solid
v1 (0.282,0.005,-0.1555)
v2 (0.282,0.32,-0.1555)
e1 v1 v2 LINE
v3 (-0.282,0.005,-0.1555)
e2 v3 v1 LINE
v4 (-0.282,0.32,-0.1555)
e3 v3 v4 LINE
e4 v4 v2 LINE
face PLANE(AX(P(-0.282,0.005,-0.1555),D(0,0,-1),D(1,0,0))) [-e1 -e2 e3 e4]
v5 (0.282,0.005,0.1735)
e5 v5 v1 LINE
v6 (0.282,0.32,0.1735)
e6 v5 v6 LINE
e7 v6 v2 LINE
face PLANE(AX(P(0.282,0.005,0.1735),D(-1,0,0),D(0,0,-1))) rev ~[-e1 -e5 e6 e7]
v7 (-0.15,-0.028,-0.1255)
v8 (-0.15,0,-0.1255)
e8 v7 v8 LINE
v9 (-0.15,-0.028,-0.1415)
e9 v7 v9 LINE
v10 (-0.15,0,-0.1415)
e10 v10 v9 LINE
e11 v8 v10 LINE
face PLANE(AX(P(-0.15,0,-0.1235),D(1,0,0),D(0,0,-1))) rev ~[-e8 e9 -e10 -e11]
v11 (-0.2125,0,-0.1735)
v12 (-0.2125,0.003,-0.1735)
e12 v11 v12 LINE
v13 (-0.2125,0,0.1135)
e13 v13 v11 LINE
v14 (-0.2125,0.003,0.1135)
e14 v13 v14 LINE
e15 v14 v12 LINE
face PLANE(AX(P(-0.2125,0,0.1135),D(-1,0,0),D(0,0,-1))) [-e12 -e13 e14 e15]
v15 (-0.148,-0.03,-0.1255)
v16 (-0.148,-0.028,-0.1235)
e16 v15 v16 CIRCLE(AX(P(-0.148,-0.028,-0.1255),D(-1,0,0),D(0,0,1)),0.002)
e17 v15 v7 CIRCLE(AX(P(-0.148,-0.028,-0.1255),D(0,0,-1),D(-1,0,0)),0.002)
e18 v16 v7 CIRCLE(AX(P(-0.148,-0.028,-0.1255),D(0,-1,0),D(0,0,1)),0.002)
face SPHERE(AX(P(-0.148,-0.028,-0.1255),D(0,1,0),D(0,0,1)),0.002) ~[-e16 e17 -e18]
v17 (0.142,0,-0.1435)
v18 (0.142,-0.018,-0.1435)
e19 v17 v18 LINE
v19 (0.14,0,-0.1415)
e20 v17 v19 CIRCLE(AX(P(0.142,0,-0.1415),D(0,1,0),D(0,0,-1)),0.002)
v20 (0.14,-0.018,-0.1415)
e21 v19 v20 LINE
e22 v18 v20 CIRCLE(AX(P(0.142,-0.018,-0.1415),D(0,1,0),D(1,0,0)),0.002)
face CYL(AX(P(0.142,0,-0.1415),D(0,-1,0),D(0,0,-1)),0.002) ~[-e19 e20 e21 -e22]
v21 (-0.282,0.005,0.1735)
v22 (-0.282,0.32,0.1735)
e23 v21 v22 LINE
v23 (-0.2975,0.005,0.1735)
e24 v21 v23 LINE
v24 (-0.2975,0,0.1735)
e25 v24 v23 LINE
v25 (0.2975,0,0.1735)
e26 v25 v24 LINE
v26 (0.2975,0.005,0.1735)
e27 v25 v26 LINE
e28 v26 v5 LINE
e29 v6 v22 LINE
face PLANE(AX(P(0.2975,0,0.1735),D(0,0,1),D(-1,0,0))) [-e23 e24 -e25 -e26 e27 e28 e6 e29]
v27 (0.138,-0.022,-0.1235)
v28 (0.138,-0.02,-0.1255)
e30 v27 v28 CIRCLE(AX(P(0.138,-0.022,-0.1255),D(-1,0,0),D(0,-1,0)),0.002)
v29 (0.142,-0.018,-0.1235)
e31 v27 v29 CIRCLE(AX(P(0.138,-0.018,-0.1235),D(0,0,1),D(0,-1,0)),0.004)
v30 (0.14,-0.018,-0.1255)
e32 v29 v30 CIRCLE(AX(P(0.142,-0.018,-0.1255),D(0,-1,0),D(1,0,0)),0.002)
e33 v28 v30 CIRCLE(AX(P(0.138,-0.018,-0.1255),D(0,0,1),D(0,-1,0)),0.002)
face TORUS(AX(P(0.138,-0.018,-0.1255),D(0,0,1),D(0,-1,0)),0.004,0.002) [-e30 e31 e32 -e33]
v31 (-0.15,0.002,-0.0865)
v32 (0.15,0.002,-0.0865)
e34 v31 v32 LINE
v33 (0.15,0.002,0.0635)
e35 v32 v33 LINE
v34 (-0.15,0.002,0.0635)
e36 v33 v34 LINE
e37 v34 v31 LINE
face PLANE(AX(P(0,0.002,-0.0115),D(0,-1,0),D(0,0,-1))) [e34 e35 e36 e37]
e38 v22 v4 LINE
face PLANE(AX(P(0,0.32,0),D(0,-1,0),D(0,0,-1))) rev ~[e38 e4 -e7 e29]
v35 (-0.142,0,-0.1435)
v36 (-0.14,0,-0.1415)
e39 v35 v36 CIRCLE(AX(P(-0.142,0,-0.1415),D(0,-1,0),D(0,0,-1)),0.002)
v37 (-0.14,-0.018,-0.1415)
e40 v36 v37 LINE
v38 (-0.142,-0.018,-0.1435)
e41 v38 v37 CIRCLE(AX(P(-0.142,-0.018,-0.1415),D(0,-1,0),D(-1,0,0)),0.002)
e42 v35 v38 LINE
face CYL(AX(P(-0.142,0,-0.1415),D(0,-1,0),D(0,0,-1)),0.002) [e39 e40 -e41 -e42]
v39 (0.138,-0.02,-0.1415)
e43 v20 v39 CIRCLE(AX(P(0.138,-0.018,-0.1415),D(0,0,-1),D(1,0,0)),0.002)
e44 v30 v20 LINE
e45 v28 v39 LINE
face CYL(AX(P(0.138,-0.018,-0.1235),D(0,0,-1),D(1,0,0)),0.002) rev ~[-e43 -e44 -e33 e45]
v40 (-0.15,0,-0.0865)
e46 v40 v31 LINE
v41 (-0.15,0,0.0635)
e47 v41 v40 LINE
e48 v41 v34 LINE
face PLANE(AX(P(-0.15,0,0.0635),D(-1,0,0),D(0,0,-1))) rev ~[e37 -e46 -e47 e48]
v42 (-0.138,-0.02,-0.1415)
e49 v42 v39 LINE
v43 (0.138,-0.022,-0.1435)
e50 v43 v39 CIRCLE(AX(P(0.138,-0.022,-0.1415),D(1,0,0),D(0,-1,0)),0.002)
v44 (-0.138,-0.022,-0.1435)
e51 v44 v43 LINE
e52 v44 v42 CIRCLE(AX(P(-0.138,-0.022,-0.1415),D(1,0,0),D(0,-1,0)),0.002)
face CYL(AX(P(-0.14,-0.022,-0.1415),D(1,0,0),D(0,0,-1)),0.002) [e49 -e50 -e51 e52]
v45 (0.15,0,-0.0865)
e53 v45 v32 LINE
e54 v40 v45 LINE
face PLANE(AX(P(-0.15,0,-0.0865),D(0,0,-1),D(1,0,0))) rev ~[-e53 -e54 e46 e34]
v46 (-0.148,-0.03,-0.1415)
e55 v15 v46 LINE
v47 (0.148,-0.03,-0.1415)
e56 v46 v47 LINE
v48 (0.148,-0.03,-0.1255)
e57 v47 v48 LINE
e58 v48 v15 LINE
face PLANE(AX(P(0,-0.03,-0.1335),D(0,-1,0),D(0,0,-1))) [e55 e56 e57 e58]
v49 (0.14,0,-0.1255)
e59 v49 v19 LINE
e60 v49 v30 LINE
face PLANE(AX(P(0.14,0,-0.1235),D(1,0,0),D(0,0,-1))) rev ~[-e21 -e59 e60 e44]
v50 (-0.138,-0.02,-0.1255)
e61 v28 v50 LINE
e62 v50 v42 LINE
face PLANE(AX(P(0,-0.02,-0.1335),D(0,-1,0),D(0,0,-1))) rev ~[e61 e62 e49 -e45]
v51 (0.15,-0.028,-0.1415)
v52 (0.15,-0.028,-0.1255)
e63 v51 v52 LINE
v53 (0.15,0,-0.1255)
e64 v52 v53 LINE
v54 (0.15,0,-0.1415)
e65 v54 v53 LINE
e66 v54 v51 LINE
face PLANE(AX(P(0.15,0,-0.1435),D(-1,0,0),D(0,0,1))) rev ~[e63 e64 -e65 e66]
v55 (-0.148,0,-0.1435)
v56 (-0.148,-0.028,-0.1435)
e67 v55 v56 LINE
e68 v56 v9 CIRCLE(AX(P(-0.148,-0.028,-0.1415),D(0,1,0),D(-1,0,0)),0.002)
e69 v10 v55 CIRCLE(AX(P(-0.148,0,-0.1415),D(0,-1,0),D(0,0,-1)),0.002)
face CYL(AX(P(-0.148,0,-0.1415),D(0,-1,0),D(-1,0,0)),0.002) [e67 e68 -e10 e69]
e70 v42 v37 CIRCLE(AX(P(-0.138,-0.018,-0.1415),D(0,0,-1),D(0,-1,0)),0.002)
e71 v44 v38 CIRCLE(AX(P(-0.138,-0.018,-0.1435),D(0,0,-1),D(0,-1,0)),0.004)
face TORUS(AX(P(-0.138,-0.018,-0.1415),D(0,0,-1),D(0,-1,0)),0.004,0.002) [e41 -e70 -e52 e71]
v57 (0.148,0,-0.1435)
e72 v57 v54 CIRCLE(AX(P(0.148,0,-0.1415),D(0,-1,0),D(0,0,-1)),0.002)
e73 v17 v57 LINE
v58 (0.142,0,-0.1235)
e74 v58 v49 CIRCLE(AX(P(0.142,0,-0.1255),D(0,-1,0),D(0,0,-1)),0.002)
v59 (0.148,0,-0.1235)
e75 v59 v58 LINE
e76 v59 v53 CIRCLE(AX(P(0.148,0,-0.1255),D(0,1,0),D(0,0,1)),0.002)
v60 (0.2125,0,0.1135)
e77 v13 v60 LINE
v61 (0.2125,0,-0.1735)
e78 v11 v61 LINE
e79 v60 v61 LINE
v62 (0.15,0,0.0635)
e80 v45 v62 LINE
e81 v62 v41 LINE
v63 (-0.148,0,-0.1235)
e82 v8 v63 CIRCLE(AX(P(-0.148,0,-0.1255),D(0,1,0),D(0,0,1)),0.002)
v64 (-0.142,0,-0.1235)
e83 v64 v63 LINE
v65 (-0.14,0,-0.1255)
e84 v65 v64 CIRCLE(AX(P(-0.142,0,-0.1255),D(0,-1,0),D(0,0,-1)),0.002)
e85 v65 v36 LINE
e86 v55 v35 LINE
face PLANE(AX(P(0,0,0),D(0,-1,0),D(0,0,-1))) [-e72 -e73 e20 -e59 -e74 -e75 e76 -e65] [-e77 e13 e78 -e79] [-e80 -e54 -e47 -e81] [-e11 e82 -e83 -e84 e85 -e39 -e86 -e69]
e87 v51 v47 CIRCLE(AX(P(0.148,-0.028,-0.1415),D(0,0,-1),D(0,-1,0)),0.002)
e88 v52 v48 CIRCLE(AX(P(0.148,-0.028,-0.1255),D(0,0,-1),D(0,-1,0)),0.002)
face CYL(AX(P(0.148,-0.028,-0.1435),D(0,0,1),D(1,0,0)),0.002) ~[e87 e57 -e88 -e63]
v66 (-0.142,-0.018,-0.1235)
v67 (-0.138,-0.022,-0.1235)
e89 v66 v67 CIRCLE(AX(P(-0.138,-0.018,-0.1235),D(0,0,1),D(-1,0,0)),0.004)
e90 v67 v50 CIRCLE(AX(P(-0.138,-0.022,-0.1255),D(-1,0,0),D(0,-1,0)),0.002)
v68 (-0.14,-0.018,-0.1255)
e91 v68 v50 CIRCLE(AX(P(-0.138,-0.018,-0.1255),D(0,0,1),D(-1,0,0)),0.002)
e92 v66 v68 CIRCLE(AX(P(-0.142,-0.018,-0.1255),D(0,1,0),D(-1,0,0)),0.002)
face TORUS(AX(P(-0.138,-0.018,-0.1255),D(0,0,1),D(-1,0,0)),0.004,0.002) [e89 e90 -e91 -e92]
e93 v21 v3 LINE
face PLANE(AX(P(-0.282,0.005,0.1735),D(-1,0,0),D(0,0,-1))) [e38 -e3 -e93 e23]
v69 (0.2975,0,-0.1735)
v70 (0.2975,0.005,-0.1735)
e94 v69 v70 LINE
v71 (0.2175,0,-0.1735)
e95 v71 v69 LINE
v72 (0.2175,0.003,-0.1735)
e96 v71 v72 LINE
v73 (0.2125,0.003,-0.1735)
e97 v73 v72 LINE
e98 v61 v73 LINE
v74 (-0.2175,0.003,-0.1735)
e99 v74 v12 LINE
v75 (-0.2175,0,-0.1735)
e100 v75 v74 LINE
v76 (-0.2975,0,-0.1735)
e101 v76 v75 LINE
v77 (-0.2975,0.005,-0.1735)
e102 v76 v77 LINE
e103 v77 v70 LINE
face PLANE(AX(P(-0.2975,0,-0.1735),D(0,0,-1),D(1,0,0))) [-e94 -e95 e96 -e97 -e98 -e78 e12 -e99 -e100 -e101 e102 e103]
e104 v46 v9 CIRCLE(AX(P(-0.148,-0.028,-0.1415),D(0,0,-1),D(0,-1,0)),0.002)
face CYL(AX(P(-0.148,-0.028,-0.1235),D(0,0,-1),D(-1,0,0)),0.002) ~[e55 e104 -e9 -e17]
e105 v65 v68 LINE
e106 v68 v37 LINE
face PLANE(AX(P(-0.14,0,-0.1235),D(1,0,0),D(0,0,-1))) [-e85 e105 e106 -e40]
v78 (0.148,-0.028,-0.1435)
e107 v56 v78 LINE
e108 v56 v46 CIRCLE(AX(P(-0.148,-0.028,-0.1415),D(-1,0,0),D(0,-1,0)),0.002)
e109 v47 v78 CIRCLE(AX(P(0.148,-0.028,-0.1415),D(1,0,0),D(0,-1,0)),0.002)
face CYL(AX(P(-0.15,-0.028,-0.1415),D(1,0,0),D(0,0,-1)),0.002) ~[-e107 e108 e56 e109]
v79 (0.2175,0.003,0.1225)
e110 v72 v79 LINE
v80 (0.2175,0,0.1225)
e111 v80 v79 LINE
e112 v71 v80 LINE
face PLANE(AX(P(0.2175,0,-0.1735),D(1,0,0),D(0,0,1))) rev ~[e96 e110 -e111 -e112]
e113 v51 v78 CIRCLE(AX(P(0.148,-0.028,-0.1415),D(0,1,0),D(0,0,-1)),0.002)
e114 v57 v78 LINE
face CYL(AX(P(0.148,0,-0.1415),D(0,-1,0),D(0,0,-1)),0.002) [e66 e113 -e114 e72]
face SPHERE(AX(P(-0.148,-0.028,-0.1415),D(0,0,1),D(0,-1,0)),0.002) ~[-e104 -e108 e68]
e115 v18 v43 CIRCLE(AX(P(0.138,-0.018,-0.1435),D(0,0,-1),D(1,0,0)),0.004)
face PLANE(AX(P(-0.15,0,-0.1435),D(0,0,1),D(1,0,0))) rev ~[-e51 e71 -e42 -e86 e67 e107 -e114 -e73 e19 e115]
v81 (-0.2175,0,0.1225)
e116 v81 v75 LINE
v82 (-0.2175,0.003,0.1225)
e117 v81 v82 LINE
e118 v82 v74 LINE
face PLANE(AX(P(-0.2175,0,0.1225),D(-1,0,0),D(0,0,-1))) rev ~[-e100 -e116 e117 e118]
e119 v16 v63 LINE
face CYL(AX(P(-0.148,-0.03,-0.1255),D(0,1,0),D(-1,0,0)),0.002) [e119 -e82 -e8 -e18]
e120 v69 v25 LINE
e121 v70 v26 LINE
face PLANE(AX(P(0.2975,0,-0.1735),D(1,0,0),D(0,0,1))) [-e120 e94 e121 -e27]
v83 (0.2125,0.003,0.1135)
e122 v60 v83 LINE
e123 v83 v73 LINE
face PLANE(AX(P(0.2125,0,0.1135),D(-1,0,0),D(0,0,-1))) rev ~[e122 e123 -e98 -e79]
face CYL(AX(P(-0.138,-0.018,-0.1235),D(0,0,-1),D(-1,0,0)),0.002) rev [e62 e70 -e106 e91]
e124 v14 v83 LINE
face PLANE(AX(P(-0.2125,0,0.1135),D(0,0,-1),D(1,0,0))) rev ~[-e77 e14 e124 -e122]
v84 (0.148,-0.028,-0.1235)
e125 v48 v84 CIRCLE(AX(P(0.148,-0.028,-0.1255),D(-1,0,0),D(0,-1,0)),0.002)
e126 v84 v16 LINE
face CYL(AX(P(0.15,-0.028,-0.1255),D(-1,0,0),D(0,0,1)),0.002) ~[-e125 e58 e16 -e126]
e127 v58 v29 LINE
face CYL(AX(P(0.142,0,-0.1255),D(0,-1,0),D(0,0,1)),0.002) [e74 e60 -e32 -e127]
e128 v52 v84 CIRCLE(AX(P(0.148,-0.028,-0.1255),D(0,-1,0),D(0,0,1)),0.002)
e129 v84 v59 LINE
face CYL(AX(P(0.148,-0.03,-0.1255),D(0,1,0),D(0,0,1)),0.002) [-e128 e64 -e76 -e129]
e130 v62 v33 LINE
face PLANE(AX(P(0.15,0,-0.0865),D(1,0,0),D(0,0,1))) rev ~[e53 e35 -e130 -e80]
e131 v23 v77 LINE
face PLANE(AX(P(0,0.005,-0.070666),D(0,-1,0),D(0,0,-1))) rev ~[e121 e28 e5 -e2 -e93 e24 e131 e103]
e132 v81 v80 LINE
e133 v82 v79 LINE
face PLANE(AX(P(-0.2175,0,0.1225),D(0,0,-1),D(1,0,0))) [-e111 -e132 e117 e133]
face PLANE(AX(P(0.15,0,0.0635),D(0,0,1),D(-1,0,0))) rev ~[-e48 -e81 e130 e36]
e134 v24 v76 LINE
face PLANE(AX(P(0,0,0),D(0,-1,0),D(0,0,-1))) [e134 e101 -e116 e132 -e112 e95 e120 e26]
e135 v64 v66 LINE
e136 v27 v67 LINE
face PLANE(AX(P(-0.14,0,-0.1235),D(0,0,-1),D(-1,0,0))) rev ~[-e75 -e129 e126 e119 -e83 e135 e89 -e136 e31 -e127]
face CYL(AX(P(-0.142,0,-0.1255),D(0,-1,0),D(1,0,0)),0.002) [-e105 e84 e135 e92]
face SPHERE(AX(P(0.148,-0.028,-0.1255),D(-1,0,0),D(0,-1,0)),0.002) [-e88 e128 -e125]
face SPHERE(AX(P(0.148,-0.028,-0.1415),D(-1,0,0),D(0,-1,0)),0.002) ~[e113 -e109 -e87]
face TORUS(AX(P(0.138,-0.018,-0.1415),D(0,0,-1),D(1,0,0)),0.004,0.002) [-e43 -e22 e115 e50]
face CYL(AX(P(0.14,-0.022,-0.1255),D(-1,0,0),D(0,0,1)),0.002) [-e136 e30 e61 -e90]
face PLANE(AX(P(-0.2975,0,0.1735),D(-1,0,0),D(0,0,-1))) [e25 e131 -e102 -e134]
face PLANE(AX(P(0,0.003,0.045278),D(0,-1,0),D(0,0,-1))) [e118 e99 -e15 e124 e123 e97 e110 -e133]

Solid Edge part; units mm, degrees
sketch "Sketch1" plane through (0, 0, 0) normal (0, -1, 0) x (1, 0, 0)
  line L0 (-0.2975, -0.1735) -> (0.2975, -0.1735)
  line L1 (0.2975, -0.1735) -> (0.2975, 0.1735)
  line L2 (0.2975, 0.1735) -> (-0.2975, 0.1735)
  line L3 (-0.2975, 0.1735) -> (-0.2975, -0.1735)
  dimension "D1" = 0.595
  dimension "D2" = 0.347
extrude "Protrusion1" add sketch "Sketch1" against normal blind 0.32
sketch "Sketch2" plane through (0, 0.005, 0) normal (0, -1, 0) x (1, 0, 0)
  line L0 (0.2975, 0.1735) -> (0.282, 0.1735)
  line L1 (0.282, 0.1735) -> (0.282, -0.1555)
  line L2 (-0.282, -0.1555) -> (0.282, -0.1555)
  line L3 (-0.282, 0.1735) -> (-0.282, -0.1555)
  line L4 (-0.282, 0.1735) -> (-0.2975, 0.1735)
  line L5 (-0.2975, 0.1735) -> (-0.2975, -0.1735)
  line L6 (-0.2975, -0.1735) -> (0.2975, -0.1735)
  line L7 (0.2975, -0.1735) -> (0.2975, 0.1735)
  dimension "D1" = 0.018
  dimension "D2" = 0.564
extrude "Ausschnitt_1" cut sketch "Sketch2" against normal through all
sketch "Sketch3" plane through (0, 0, 0) normal (0, -1, 0) x (1, 0, 0)
  line L0 (-0.2975, 0.1235) -> (-0.2975, 0.1225) construction
  line L1 (-0.2975, 0.1225) -> (-0.2175, 0.1225)
  line L2 (-0.2175, 0.1225) -> (-0.2175, -0.1735)
  line L3 (-0.2175, -0.1735) -> (-0.2125, -0.1735)
  line L4 (-0.2125, 0.1135) -> (-0.2125, -0.1735)
  line L5 (-0.2125, 0.1135) -> (0.2125, 0.1135)
  line L6 (0.2125, 0.1135) -> (0.2125, -0.1735)
  line L7 (0.2125, -0.1735) -> (0.2175, -0.1735)
  line L8 (0.2175, -0.1735) -> (0.2175, 0.1225)
  line L9 (0.2175, 0.1225) -> (0.2975, 0.1225)
  line L10 (0.2975, 0.1225) -> (0.2975, 0.1235) construction
  line L11 (-0.2975, 0.1235) -> (0.2975, 0.1235)
  dimension "D1" = 0.08
  dimension "D2" = 0.005
  dimension "D3" = 0.001
  dimension "D4" = 0.01
  dimension "D5" = 0.05
extrude "Ausschnitt_2" cut sketch "Sketch3" against normal blind 0.003
sketch "Sketch4" plane through (0, 0, -0.03) normal (0, -1, 0) x (1, 0, 0)
  line L0 (-0.15, -0.0565) -> (0.15, -0.0565)
  line L1 (0.15, -0.0565) -> (0.15, 0.0935)
  line L2 (0.15, 0.0935) -> (-0.15, 0.0935)
  line L3 (-0.15, 0.0935) -> (-0.15, -0.0565)
  dimension "D1" = 0.05
  dimension "D2" = 0.3
  dimension "D3" = 0.15
extrude "Ausschnitt_3" cut sketch "Sketch4" against normal blind 0.002
sketch "Sketch5" plane through (0, 0, -0.03) normal (0, -1, 0) x (1, 0, 0)
  line L0 (0.15, -0.1135) -> (0.15, -0.0935)
  line L1 (0.15, -0.0935) -> (0.14, -0.0935)
  line L2 (0.14, -0.0935) -> (0.14, -0.1135)
  line L3 (0.14, -0.1135) -> (0.15, -0.1135)
  line L4 (-0.15, -0.0935) -> (-0.15, -0.1135)
  line L5 (-0.15, -0.1135) -> (-0.14, -0.1135)
  line L6 (-0.14, -0.0935) -> (-0.14, -0.1135)
  line L7 (-0.14, -0.0935) -> (-0.15, -0.0935)
  dimension "D1" = 0.02
  dimension "D2" = 0.03
  dimension "D3" = 0.01
extrude "Ausprägung_2" add sketch "Sketch5" along normal blind 0.02
sketch "Sketch6" plane through (-0.145, -0.02, -0.1335) normal (0, -1, 0) x (1, 0, 0)
  line L0 (0.295, 0.01) -> (-0.005, 0.01)
  line L1 (-0.005, 0.01) -> (-0.005, -0.01)
  line L2 (-0.005, -0.01) -> (0.295, -0.01)
  line L3 (0.295, -0.01) -> (0.295, 0.01)
extrude "Ausprägung_3" add sketch "Sketch6" along normal blind 0.01
fillet "Verrundung_1" radius 0.002 16 edges at (-0.15, -0.015, -0.1235) (-0.14, -0.01, -0.1235) (0, -0.02, -0.1235) (0, -0.03, -0.1235) (-0.15, -0.03, -0.1335) (0, -0.03, -0.1435) (0.15, -0.03, -0.1335) (0.15, -0.015, -0.1235) (0.14, -0.01, -0.1235) (0.15, -0.015, -0.1435) (0.14, -0.01, -0.1435) (0, -0.02, -0.1435) (-0.15, -0.015, -0.1435) (-0.14, -0.01, -0.1435) (-0.14, -0.02, -0.1335) (0.14, -0.02, -0.1335)
